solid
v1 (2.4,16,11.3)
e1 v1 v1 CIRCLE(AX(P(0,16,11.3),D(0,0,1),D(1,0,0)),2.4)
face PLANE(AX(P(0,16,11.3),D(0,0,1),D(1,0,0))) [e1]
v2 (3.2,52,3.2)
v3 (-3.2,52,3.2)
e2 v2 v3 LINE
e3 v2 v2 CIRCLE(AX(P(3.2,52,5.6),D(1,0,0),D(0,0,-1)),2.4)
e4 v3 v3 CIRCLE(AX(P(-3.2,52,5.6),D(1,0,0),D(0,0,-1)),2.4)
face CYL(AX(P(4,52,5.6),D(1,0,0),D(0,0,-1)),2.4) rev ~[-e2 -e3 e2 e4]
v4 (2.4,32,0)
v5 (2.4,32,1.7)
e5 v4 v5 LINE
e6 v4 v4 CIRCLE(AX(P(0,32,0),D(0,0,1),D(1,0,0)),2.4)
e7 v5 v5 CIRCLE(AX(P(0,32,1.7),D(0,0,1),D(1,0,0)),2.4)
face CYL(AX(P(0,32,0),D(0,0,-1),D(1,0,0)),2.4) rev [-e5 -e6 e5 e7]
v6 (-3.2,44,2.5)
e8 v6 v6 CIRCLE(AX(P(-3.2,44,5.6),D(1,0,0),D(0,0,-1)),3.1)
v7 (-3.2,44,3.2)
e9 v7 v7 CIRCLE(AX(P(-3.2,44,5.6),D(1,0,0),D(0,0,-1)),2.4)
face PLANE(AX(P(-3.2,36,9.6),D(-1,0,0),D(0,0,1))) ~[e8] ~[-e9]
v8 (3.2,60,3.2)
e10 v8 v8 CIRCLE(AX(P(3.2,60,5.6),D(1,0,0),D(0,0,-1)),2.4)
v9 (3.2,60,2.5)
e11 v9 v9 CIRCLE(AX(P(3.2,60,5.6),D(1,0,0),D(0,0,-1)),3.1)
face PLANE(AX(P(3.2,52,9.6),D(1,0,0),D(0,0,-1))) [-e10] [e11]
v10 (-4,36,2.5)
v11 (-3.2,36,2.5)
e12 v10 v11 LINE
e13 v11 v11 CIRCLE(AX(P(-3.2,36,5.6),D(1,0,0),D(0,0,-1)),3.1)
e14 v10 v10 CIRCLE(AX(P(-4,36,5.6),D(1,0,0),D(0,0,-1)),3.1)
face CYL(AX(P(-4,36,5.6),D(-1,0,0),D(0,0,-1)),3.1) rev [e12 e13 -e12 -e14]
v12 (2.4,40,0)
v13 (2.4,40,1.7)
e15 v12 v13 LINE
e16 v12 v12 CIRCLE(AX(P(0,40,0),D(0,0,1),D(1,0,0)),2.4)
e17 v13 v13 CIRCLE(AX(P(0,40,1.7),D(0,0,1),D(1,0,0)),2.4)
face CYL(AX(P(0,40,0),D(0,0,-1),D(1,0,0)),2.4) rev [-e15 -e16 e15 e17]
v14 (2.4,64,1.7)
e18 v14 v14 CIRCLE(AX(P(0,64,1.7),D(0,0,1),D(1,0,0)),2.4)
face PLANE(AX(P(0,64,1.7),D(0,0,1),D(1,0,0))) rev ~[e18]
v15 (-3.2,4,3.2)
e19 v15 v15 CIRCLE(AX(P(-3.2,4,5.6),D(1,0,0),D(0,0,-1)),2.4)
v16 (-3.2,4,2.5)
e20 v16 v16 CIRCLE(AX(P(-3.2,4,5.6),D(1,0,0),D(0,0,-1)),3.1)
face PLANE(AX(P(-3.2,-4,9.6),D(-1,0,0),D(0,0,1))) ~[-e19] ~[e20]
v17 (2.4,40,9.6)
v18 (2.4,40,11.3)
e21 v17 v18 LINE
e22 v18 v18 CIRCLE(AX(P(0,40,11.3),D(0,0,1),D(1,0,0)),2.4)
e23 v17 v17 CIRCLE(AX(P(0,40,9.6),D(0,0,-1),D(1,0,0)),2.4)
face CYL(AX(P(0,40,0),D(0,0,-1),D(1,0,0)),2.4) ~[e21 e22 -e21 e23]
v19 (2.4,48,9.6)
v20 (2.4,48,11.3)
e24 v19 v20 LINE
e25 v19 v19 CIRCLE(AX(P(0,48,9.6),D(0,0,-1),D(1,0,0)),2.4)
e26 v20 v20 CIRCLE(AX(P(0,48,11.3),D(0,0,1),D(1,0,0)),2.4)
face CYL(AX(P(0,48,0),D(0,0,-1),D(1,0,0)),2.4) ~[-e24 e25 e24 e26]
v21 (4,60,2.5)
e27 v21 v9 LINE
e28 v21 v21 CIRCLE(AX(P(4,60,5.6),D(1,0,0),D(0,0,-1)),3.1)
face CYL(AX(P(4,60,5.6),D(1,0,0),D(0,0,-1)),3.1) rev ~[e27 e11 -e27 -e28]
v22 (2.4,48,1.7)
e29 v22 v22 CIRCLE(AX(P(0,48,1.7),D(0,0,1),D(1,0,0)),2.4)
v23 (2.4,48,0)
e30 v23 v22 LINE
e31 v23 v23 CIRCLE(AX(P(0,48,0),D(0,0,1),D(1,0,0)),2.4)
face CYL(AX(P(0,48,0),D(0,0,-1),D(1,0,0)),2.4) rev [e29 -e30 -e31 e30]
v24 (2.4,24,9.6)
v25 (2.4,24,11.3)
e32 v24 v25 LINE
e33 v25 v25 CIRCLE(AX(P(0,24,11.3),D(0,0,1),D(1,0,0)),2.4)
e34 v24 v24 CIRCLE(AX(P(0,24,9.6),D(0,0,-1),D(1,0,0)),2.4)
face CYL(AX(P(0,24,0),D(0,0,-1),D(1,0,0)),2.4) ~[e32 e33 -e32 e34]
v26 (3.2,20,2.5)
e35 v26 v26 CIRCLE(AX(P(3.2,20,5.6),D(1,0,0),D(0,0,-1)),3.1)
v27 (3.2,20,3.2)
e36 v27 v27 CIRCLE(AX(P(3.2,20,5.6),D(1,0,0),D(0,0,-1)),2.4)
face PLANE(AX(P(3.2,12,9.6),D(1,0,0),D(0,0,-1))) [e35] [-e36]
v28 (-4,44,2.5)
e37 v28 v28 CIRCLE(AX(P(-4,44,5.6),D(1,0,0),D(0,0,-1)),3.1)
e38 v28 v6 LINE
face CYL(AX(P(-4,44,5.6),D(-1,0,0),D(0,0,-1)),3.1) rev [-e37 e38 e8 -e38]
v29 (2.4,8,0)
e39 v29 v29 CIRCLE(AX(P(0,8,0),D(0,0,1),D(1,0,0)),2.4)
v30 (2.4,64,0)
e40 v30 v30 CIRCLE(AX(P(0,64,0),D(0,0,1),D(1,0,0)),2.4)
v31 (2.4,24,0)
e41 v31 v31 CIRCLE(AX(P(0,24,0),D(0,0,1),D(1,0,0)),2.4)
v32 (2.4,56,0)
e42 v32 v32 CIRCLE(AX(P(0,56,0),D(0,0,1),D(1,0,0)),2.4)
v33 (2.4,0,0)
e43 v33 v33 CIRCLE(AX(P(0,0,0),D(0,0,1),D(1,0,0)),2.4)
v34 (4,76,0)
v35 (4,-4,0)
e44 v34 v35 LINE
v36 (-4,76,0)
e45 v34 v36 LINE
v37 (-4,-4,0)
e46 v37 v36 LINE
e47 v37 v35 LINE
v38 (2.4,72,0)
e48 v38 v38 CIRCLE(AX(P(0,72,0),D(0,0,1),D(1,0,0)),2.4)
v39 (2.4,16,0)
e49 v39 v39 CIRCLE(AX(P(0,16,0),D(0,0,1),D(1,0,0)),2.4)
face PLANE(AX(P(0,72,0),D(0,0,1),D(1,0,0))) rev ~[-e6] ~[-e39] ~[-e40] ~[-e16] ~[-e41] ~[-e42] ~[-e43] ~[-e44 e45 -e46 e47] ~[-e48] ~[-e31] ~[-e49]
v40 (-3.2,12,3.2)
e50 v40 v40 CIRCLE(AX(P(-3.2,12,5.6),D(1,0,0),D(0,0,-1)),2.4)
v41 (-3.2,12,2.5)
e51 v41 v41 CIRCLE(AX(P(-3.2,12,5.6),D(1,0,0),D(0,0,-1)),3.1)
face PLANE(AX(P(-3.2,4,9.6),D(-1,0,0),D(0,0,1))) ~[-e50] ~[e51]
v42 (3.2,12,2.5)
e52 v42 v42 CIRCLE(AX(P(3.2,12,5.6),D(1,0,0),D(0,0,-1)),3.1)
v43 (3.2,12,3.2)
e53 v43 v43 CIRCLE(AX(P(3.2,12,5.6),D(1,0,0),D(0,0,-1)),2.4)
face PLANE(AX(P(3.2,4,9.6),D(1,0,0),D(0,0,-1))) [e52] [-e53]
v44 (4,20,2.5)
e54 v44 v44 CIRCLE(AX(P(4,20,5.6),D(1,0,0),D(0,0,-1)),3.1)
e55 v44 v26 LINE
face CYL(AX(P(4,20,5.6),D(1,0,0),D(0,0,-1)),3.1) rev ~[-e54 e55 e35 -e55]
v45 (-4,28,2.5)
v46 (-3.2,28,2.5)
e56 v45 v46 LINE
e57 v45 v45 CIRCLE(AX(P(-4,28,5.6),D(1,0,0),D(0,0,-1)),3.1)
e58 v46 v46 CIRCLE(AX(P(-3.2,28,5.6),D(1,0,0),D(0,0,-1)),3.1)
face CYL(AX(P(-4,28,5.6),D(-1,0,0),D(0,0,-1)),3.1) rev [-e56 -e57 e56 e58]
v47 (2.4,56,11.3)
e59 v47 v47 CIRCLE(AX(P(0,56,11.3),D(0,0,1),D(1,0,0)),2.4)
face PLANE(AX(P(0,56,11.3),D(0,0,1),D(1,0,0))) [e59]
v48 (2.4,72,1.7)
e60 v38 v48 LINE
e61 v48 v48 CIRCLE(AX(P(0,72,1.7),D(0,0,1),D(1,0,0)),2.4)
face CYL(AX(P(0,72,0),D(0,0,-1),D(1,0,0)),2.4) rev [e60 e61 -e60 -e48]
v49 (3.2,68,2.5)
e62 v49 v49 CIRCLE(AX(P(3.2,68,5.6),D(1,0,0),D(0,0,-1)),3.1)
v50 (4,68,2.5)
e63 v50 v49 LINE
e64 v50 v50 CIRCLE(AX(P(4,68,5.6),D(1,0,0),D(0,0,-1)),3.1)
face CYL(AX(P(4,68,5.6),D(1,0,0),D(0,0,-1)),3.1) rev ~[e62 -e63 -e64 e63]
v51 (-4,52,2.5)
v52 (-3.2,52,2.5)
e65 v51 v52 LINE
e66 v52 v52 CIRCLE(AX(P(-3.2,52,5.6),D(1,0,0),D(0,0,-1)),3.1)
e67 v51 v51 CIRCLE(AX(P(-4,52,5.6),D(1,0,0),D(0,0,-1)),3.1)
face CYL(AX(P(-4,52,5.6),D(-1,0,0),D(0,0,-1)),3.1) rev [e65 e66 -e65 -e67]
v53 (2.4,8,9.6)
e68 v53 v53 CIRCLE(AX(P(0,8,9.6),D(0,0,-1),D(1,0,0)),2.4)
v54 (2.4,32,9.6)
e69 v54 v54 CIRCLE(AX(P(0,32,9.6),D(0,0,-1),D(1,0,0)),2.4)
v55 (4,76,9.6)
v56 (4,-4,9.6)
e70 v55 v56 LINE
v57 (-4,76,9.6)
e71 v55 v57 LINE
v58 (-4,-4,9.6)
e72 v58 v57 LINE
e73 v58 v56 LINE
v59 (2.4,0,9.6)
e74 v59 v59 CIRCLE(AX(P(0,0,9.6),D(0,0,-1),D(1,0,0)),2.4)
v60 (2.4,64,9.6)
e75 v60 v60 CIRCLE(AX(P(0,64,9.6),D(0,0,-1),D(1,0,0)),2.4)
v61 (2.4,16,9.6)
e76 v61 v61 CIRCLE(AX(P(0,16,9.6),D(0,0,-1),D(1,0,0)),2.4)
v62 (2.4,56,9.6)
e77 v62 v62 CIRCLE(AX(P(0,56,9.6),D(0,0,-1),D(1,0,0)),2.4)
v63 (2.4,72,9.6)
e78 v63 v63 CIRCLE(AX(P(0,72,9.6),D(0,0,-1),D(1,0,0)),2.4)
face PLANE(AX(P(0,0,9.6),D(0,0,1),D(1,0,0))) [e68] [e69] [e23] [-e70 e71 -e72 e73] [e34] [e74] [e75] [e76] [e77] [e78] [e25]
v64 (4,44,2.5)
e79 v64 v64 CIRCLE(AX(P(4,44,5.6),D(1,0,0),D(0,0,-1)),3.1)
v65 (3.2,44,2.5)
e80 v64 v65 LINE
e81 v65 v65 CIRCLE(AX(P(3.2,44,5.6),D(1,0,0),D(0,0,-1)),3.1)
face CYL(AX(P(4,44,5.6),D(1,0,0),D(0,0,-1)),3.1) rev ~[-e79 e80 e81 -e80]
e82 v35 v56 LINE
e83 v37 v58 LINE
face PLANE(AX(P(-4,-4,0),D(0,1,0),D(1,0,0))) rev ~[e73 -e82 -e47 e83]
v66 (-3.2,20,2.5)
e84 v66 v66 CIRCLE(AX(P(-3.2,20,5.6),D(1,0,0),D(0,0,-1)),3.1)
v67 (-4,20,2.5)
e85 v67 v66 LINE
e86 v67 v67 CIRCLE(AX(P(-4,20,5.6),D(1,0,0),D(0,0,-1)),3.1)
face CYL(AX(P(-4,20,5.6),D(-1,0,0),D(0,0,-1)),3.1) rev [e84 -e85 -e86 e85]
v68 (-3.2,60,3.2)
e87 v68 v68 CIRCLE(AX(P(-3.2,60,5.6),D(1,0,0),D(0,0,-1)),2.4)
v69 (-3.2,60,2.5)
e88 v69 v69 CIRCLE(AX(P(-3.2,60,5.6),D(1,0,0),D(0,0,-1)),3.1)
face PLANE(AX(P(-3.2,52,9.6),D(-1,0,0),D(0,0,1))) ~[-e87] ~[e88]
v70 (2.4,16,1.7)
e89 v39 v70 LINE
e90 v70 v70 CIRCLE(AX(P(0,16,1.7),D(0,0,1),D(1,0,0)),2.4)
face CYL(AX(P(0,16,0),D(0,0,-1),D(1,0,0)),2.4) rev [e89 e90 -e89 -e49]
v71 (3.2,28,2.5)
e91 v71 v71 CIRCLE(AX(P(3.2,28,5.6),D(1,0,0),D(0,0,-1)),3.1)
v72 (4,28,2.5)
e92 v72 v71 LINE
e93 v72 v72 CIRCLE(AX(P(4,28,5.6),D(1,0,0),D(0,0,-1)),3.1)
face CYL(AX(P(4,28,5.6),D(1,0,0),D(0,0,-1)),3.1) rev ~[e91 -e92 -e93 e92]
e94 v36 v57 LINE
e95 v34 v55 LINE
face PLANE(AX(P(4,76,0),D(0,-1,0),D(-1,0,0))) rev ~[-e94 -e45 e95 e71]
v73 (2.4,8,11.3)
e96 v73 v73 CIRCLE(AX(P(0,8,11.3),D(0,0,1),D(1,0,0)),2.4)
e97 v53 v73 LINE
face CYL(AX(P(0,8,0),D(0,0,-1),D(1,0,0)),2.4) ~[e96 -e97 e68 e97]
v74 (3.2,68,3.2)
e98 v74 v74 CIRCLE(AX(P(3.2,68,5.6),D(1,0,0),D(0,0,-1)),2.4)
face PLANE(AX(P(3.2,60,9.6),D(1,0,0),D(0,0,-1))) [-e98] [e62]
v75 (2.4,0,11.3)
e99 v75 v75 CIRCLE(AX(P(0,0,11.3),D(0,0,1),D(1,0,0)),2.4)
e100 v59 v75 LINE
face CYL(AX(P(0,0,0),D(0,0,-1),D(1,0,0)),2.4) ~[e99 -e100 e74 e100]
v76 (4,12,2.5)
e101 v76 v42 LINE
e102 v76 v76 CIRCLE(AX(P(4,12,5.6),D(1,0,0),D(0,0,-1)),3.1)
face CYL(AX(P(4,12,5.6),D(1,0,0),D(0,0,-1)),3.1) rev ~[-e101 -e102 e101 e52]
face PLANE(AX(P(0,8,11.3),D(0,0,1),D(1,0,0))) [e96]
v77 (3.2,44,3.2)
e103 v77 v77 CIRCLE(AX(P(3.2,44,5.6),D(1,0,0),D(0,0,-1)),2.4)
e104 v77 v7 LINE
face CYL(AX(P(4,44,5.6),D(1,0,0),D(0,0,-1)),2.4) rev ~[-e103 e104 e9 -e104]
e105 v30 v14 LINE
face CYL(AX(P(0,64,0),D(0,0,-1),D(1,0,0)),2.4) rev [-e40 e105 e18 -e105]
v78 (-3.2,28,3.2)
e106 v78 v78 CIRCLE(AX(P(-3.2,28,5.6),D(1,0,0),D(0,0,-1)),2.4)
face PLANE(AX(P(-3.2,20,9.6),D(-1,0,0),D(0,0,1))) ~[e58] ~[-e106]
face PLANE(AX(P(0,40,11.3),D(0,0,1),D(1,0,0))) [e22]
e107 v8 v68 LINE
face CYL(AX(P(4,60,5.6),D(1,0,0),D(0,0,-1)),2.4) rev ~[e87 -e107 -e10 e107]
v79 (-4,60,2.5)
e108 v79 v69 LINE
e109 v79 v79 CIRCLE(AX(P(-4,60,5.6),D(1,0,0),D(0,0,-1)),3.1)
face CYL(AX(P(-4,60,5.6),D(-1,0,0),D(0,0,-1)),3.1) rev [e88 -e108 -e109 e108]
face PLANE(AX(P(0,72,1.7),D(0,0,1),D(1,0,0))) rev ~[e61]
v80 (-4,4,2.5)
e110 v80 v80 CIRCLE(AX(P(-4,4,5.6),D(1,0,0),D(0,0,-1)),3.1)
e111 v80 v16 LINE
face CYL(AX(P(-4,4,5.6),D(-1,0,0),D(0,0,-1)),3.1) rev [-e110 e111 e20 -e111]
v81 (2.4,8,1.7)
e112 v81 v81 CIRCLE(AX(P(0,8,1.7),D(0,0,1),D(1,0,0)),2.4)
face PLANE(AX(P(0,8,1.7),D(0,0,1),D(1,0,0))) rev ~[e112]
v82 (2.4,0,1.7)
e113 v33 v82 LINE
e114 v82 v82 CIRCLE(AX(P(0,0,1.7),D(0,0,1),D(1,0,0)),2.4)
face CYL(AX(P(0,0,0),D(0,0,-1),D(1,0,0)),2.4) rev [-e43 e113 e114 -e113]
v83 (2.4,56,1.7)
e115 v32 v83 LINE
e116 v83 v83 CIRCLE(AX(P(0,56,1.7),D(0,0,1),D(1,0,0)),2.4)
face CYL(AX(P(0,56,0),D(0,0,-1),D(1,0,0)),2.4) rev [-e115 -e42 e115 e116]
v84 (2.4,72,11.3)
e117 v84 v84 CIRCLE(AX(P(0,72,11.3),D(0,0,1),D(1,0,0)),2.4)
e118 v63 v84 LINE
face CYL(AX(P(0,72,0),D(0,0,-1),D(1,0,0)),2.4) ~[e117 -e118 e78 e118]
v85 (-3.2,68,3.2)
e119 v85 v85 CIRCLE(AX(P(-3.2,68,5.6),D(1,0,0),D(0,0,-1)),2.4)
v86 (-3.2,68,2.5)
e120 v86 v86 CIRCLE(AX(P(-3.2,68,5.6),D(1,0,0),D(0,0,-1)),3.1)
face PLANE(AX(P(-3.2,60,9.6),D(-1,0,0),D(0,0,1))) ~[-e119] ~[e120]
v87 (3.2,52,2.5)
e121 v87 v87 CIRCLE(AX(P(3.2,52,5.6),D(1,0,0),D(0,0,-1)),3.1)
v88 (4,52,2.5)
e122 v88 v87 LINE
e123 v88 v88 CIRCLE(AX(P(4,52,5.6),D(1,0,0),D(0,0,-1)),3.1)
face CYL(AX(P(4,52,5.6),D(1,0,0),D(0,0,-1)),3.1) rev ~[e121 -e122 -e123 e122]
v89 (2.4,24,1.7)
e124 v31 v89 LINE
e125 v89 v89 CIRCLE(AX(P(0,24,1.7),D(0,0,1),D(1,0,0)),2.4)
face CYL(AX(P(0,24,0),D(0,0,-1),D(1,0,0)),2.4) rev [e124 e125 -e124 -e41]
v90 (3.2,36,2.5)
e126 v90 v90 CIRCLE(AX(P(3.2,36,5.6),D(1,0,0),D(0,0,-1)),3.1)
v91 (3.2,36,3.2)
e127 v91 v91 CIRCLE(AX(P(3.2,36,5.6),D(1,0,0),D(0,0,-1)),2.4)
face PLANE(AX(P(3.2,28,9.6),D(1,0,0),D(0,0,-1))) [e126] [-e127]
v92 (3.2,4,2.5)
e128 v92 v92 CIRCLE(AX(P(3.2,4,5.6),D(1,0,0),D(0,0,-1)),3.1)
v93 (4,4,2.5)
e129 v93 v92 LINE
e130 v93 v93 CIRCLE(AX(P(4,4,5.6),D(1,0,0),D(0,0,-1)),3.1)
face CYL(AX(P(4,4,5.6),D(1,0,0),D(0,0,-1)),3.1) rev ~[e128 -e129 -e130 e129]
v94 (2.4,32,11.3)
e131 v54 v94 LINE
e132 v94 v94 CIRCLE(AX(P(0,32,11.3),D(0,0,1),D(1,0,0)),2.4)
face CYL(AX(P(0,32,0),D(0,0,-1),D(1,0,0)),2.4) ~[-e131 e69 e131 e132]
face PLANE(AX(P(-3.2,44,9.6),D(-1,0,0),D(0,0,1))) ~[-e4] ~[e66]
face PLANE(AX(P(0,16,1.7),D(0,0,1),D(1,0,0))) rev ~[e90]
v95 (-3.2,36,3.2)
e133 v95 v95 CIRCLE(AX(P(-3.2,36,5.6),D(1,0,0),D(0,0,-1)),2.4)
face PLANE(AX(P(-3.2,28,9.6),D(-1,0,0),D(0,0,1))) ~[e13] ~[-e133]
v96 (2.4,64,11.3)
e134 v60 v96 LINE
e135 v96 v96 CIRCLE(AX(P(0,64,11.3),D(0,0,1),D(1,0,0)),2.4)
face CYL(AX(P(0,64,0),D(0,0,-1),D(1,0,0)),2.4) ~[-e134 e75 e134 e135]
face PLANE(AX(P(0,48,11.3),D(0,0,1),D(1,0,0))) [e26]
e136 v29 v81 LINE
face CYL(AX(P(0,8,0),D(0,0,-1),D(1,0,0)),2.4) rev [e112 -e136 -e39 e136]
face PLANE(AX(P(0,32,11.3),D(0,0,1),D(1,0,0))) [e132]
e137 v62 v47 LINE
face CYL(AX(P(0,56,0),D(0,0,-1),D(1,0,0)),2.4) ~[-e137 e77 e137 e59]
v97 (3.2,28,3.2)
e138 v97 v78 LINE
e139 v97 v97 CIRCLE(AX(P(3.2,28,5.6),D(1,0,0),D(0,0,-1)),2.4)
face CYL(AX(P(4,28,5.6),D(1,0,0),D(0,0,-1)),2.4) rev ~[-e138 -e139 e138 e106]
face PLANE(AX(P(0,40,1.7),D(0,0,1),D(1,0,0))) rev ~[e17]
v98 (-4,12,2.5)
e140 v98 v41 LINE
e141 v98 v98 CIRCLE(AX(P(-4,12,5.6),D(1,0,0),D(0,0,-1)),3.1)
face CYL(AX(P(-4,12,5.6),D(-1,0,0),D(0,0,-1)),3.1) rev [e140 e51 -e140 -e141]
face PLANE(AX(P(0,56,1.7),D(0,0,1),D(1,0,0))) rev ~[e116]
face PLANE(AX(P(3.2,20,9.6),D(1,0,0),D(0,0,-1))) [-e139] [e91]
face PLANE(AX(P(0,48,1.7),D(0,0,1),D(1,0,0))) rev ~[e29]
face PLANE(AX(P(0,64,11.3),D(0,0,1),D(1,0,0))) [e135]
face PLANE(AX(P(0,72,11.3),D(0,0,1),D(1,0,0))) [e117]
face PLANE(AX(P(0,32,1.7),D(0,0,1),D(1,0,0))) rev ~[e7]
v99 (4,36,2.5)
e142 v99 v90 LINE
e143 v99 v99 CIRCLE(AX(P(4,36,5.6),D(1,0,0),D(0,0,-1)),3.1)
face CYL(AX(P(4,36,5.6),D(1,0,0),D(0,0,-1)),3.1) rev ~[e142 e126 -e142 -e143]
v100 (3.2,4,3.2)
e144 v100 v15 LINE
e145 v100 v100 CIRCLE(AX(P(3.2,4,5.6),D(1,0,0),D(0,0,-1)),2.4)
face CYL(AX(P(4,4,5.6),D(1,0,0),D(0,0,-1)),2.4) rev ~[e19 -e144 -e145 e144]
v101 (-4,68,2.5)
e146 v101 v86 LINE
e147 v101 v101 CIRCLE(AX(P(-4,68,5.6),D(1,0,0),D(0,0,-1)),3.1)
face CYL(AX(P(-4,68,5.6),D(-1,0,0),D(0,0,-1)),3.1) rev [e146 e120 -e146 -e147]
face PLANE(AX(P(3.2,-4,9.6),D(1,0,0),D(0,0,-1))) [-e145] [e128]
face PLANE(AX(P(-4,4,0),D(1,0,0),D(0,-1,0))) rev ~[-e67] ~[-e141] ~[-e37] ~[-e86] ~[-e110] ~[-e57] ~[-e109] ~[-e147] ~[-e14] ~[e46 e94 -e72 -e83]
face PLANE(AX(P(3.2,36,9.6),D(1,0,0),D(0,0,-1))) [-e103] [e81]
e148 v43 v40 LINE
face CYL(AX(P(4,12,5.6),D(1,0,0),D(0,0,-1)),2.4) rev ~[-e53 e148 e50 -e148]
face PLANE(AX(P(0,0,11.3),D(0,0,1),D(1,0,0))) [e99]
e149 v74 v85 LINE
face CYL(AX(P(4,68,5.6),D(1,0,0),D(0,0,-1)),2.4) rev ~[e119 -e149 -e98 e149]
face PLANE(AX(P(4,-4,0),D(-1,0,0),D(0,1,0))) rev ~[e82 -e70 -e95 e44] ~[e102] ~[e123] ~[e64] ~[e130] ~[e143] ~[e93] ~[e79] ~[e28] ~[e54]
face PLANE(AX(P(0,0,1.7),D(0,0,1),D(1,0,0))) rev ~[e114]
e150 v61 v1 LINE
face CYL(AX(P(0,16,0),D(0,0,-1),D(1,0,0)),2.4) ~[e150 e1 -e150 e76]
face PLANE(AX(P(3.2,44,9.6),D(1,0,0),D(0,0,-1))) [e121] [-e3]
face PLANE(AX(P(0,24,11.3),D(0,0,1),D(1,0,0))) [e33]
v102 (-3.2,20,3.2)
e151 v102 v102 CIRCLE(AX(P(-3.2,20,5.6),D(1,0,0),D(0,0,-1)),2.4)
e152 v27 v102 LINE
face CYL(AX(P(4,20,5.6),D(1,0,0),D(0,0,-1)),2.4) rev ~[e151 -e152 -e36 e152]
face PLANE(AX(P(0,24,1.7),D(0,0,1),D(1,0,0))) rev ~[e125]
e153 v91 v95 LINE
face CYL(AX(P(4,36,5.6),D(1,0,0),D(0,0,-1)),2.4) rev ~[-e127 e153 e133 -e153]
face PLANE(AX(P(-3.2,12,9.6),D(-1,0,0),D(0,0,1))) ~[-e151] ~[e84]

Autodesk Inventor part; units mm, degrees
ref_plane "YZ Plane" through (0, 0, 0) normal (1, 0, 0) x (0, 1, 0)
ref_plane "XZ Plane" through (0, 0, 0) normal (0, 1, 0) x (-1, 0, 0)
sketch "Sketch1" plane through (0, 0, 0) normal (0, 0, 1) x (1, 0, 0)
  line L0 (-4, -4) -> (4, -4)
  line L1 (4, -4) -> (4, 4)
  line L2 (4, 4) -> (-4, 4)
  line L3 (-4, 4) -> (-4, -4)
  line L4 (-4, -4) -> (4, 4) construction
  line L5 (4, -4) -> (-4, 4) construction
  circle A0 centre (0, 0) radius 2.4
  dimension "d0" = 8
  dimension "d1" = 8
  dimension "d2" = 4.8
extrude "Extrusion1" add sketch "Sketch1" along normal blind 9.6 contours L3 L2 L1 L0 | A0
extrude "Extrusion2" add sketch "Sketch1" along normal blind 11.3 contours A0
extrude "Extrusion3" cut sketch "Sketch1" along normal blind 1.7 contours A0
pattern_linear "Rectangular Pattern1" count 10 spacing 8 along (0, 1, 0) of "Extrusion1", "Extrusion2", "Extrusion3"
sketch "Sketch2" plane through (4, -4, 9.6) normal (1, 0, 0) x (0, 0, -1)
  circle A0 centre (4, 8) radius 2.4
  circle A1 centre (4, 8) radius 3.1
  line L0 (9.6, 0) -> (9.6, 80) projected
  line L1 (9.6, 0) -> (0, 0) projected
  point P0 (9.6, 4)
  dimension "d12" = 4.8
  dimension "d14" = 6.2
  dimension "d22" = 8
  dimension "d23" = 5.6
ref_plane "Work Plane1" through (0, -4, 9.6) normal (1, 0, 0) x (0, 0, -1)
extrude "Extrusion4" cut sketch "Sketch2" against normal up to next contours A0
extrude "Extrusion5" cut sketch "Sketch2" against normal blind 0.8
mirror "Mirror1" about plane through (0, -4, 9.6) normal (1, 0, 0) of "Extrusion5"
pattern_linear "Rectangular Pattern2" count 9 spacing 8 along (0, 1, 0) of "Extrusion4", "Extrusion5", "Mirror1"
equation "\"d11\" = d0"
equation "\"d21\" = d0"
properties part number "LEGO Technic Brick 1x10 with Holes"
